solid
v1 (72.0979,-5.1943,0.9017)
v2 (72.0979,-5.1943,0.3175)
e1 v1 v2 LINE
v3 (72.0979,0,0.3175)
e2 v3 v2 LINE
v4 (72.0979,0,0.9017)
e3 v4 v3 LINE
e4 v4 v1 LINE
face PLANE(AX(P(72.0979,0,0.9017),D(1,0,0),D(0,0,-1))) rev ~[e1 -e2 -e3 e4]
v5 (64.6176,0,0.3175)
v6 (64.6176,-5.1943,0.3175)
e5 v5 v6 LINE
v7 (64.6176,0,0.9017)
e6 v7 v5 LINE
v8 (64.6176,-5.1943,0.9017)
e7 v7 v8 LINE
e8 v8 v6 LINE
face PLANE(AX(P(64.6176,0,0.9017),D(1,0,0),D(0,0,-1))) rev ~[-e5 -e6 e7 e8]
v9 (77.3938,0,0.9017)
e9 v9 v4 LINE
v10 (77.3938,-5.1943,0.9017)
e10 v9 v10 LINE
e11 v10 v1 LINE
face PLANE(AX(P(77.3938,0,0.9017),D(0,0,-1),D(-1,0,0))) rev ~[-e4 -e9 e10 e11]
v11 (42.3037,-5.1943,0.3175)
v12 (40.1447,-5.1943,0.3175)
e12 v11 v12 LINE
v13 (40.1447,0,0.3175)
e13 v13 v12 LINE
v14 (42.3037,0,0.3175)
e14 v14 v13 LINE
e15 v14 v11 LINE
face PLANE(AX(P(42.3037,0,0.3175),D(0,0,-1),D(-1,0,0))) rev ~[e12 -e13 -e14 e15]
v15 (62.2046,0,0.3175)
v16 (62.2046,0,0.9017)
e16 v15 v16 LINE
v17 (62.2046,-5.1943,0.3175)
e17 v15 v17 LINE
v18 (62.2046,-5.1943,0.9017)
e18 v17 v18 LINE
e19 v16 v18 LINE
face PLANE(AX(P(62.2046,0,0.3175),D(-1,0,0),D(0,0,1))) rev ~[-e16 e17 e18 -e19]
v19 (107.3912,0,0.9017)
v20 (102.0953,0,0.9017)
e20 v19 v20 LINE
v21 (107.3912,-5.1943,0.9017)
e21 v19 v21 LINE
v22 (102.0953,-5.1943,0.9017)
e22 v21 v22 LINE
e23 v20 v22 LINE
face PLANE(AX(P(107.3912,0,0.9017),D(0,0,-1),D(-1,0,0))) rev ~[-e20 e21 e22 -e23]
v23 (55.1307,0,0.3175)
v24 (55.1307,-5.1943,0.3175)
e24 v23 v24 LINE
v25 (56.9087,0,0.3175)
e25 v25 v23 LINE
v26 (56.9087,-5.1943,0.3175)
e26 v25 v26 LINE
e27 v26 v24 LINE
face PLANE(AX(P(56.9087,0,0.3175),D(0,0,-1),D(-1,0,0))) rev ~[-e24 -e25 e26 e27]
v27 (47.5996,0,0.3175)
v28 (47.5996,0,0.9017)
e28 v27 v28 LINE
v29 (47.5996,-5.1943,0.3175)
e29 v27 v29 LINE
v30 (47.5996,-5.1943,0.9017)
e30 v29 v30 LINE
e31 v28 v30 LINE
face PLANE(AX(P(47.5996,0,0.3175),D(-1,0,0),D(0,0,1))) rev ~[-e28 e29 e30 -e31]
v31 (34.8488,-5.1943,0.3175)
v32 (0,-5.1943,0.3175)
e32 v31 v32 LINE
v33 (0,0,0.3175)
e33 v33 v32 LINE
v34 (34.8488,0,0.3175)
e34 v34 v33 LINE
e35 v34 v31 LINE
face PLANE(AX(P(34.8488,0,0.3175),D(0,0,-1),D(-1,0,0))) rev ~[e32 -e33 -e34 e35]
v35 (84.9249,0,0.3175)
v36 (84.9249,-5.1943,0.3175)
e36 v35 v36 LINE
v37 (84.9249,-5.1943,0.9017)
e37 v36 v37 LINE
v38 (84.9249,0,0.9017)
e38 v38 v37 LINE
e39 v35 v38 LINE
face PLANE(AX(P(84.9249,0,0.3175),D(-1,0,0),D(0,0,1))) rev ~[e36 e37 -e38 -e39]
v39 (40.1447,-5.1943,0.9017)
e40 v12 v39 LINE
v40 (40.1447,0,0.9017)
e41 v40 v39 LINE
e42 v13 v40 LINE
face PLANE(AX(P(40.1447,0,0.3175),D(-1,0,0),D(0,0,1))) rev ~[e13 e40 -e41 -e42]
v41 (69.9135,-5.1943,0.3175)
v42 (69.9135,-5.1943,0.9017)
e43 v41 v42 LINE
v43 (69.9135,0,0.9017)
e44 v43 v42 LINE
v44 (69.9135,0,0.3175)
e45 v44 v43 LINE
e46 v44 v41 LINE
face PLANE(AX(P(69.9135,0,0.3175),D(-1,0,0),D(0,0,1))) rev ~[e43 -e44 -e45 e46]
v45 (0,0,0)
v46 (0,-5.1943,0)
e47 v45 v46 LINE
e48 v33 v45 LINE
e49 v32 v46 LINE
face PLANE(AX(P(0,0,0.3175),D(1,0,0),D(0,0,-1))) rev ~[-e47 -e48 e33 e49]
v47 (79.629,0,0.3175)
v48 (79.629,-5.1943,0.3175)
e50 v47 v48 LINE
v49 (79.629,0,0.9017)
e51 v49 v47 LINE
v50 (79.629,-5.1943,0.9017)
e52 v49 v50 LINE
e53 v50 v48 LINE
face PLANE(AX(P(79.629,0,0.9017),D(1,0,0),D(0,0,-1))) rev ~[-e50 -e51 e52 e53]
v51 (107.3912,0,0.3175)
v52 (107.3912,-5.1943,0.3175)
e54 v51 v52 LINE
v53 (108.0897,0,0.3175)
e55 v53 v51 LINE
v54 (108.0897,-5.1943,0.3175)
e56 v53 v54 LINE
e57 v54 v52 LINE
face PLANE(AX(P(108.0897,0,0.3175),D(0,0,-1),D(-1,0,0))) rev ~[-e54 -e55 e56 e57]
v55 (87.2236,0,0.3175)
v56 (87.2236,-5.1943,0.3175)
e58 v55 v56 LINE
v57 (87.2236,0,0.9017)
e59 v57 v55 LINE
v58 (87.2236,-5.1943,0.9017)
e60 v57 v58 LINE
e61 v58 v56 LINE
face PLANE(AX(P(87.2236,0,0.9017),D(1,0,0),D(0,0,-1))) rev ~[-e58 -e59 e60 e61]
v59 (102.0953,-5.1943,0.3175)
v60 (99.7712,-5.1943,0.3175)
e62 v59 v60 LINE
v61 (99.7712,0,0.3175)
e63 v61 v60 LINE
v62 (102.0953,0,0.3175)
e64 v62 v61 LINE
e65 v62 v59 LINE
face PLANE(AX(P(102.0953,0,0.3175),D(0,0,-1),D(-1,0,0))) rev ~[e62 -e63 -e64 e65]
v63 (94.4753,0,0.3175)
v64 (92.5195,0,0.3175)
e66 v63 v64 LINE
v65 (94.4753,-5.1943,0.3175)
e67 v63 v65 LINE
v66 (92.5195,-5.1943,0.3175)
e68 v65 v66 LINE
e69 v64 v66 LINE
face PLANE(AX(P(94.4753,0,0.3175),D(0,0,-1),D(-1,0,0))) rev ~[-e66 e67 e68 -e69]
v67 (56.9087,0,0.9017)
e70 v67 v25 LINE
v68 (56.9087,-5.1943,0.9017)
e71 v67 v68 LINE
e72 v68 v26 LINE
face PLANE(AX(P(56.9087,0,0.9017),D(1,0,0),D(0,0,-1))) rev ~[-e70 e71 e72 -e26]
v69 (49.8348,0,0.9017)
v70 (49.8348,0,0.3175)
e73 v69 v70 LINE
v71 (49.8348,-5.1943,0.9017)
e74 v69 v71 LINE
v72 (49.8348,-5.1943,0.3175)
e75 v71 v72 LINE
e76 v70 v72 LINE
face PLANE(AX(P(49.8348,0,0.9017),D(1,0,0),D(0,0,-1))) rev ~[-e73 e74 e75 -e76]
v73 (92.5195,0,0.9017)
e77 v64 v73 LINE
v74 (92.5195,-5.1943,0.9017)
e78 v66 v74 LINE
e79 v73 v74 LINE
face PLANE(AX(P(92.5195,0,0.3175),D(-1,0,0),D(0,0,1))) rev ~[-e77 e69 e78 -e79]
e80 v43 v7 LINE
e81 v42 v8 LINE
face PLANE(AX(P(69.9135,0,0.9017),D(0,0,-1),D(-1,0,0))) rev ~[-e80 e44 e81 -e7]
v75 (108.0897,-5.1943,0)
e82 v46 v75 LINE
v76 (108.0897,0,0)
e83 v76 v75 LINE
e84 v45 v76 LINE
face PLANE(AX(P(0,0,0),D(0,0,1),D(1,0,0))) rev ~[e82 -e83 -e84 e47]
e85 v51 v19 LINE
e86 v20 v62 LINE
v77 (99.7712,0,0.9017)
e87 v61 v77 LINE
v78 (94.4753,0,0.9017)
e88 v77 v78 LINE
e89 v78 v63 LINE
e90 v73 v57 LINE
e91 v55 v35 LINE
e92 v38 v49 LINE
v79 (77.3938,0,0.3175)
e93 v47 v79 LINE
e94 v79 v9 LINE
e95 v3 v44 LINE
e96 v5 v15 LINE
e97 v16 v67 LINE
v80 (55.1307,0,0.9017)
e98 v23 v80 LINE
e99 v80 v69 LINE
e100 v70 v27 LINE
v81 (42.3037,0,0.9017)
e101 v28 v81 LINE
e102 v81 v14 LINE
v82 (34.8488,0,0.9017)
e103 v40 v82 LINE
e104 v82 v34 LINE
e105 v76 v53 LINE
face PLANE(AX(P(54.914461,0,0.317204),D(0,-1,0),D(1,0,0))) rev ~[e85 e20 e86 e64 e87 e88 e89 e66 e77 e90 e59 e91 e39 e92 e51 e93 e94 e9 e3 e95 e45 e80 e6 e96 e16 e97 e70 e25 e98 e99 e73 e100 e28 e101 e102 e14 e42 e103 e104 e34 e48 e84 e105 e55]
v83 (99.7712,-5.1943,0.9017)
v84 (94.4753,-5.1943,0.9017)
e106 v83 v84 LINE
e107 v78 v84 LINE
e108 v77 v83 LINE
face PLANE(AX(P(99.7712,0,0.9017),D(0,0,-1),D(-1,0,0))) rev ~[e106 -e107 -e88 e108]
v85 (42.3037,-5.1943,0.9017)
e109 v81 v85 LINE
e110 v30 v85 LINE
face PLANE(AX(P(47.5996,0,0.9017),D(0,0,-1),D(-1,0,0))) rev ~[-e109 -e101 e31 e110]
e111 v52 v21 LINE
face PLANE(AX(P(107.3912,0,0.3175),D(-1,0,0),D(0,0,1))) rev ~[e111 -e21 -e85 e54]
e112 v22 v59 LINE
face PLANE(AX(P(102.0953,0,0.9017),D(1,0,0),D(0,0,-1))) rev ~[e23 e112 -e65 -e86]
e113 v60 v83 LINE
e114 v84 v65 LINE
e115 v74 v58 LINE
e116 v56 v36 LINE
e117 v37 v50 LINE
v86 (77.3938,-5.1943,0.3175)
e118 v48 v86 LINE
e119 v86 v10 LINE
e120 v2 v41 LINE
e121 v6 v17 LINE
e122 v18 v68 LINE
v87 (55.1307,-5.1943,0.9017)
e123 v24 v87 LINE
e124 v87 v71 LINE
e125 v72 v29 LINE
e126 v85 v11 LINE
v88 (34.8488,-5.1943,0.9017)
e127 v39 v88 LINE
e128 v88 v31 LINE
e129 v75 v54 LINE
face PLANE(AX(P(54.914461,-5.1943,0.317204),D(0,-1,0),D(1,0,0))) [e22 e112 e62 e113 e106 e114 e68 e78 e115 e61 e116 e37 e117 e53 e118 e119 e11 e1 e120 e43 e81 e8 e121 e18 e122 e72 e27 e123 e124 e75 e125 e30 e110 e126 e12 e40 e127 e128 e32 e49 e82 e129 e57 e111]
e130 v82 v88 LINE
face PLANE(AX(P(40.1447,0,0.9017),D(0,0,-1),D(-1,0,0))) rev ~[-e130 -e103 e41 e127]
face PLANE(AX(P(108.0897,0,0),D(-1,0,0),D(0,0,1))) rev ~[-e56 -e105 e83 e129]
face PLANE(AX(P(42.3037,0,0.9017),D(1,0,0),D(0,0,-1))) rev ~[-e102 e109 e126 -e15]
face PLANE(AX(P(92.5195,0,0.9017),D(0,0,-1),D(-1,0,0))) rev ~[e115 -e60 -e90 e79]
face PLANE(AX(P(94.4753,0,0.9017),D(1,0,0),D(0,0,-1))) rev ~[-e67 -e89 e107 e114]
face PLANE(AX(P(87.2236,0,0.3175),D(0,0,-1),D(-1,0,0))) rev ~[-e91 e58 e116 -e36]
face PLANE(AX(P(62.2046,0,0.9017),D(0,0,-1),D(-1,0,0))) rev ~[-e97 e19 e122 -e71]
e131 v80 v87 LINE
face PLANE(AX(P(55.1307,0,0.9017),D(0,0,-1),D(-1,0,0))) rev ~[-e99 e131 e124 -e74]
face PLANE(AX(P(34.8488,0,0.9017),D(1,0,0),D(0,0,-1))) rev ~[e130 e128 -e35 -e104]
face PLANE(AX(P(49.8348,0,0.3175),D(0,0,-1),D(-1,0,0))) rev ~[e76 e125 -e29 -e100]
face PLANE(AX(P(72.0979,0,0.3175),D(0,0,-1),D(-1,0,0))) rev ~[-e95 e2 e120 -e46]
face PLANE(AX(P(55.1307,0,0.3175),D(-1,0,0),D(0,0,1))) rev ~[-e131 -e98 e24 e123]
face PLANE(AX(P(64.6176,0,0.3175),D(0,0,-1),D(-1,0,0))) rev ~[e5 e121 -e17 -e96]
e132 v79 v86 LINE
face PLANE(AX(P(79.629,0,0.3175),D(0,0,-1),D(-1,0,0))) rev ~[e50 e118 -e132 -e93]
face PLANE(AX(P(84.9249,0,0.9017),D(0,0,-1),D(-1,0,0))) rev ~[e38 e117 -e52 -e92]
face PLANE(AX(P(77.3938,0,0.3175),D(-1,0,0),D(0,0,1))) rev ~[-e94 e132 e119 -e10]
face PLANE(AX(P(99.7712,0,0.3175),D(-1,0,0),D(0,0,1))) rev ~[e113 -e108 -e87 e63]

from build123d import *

# Parameters (mm, degrees)
F1_DEPTH = 5.1943


with BuildPart() as f1:
    # F0 (on Front) → F1 (new body)
    with BuildSketch(Plane.XZ):
        Polygon((0, 0.3175), (0, 0), (108.0897, 0), (108.0897, 0.3175), (107.3912, 0.3175), (107.3912, 0.9017), (102.0953, 0.9017), (102.0953, 0.3175), (99.7712, 0.3175), (99.7712, 0.9017), (94.4753, 0.9017), (94.4753, 0.3175), (92.5195, 0.3175), (92.5195, 0.9017), (87.2236, 0.9017), (87.2236, 0.3175), (84.9249, 0.3175), (84.9249, 0.9017), (79.629, 0.9017), (79.629, 0.3175), (77.3938, 0.3175), (77.3938, 0.9017), (72.0979, 0.9017), (72.0979, 0.3175), (69.9135, 0.3175), (69.9135, 0.9017), (64.6176, 0.9017), (64.6176, 0.3175), (62.2046, 0.3175), (62.2046, 0.9017), (56.9087, 0.9017), (56.9087, 0.3175), (55.1307, 0.3175), (55.1307, 0.9017), (49.8348, 0.9017), (49.8348, 0.3175), (47.5996, 0.3175), (47.5996, 0.9017), (42.3037, 0.9017), (42.3037, 0.3175), (40.1447, 0.3175), (40.1447, 0.9017), (34.8488, 0.9017), (34.8488, 0.3175), align=None)
    extrude(amount=F1_DEPTH)


solid = f1.part
